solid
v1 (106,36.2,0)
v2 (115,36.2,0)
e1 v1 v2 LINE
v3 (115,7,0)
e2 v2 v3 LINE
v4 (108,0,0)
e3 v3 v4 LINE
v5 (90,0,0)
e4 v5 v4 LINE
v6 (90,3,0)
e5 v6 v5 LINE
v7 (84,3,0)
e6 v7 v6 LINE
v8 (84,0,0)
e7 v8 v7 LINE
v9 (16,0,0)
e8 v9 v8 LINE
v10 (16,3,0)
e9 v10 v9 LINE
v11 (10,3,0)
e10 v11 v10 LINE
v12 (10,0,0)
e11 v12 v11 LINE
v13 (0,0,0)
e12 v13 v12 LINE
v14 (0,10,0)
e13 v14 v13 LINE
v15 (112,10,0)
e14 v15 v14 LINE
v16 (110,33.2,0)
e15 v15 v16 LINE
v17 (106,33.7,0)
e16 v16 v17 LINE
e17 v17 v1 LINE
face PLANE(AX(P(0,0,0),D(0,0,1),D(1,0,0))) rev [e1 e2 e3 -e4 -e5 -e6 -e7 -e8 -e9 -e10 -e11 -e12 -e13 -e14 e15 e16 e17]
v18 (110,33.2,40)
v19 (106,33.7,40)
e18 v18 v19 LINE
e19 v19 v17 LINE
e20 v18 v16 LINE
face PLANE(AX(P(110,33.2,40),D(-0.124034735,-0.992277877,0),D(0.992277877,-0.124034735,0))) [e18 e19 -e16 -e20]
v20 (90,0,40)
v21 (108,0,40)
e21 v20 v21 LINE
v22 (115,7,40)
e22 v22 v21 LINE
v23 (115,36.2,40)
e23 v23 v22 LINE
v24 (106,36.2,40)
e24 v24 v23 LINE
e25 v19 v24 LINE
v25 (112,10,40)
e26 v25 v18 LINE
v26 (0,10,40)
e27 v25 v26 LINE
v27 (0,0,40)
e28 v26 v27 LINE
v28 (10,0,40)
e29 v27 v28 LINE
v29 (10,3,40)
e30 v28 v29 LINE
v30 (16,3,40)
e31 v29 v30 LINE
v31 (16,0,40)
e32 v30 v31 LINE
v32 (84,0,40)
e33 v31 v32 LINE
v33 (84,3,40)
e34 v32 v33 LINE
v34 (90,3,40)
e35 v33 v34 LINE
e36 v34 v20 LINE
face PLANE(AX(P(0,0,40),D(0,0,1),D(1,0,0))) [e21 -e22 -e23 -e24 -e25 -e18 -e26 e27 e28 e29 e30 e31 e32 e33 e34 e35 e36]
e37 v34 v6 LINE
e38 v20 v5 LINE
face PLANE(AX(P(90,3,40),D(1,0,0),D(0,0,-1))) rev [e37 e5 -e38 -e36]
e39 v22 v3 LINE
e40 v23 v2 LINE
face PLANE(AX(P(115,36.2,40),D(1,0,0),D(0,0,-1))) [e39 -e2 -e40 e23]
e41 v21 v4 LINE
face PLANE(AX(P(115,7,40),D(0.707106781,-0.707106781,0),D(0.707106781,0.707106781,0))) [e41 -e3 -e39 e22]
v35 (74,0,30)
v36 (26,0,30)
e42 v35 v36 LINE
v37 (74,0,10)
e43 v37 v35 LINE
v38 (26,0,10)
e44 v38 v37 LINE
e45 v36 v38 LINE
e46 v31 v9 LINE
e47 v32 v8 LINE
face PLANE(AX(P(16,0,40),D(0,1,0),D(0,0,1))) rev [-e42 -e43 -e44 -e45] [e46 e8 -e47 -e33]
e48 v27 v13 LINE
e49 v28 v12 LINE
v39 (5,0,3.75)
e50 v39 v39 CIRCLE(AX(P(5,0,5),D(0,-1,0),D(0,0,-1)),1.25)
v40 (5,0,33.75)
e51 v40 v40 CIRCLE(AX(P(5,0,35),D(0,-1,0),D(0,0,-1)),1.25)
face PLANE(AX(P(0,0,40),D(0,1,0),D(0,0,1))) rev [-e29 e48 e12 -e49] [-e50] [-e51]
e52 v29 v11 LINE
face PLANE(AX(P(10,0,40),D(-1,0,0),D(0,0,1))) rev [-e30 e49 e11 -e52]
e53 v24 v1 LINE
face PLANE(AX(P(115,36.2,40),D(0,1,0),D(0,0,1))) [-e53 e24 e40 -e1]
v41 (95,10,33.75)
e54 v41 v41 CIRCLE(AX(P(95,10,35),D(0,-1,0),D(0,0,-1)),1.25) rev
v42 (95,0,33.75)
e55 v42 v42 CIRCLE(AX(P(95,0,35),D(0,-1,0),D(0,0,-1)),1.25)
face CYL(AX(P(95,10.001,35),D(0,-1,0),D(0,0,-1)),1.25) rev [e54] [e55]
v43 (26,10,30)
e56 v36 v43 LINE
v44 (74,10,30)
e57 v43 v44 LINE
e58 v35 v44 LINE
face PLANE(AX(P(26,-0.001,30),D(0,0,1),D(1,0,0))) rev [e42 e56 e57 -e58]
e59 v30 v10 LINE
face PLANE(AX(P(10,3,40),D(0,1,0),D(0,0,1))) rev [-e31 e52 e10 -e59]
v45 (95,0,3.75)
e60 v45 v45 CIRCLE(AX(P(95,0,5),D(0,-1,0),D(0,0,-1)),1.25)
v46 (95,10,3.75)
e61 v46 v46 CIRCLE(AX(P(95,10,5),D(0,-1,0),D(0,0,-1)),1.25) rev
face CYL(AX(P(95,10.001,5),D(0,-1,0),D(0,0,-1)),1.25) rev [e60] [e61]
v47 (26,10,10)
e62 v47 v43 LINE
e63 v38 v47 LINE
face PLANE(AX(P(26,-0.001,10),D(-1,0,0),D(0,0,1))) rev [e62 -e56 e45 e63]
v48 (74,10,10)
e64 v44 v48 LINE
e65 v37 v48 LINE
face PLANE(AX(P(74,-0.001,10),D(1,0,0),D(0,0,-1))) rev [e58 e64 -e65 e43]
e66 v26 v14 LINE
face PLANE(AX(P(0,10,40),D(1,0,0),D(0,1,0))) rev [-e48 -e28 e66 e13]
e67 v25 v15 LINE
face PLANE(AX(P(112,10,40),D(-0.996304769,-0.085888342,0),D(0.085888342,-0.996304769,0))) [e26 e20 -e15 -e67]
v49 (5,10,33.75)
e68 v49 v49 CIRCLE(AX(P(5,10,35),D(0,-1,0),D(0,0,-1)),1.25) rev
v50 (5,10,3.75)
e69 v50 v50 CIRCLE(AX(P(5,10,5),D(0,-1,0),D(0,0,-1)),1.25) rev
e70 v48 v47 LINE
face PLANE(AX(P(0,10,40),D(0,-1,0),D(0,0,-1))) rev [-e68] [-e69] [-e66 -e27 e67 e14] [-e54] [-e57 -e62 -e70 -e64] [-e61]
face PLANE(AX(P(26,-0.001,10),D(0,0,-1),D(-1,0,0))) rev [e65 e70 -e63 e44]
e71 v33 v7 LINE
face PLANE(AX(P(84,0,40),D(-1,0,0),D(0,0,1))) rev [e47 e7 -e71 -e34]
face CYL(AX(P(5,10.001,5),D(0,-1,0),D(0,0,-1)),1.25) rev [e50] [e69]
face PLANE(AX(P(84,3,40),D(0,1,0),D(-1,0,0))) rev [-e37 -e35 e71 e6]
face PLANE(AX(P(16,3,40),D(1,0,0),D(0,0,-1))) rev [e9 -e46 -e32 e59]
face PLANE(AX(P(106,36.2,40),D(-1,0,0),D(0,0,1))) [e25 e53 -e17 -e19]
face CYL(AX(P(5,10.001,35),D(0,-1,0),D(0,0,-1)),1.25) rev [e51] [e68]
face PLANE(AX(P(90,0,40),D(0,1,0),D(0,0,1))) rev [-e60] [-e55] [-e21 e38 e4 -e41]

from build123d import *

# Parameters (mm, degrees)
BOSS_EXTRU_1_DEPTH      = 40
ENL_V_MAT_EXTRU_1_REACH = 110.167
ESQUISSE2_W             = 48
ESQUISSE2_H             = 20
ENL_V_MAT_EXTRU_2_REACH = 110.167
ESQUISSE3_R             = 1.25
BOSS_EXTRU_3_DEPTH      = 40


with BuildPart() as part:
    # Esquisse1 → Boss.-Extru.1 (new body)
    with BuildSketch(Plane.XY):
        Polygon((0, 0), (10, 0), (10, 3), (16, 3), (16, 0), (84, 0), (84, 3), (90, 3), (90, 0), (100, 0), (100, 10), (0, 10), align=None)
    extrude(amount=BOSS_EXTRU_1_DEPTH)

    # Esquisse2 → Enlèv. mat.-Extru.1 (cut, up to next)
    with BuildSketch(Plane(origin=(0, 10, 0), x_dir=(1, 0, 0), z_dir=(0, 1, 0)), mode=Mode.PRIVATE) as enl_v_mat_extru_1_sk1:
        with Locations((50, -20)):
            Rectangle(ESQUISSE2_W, ESQUISSE2_H)
    enl_v_mat_extru_1_tool1 = extrude(enl_v_mat_extru_1_sk1.sketch, amount=-ENL_V_MAT_EXTRU_1_REACH, mode=Mode.PRIVATE) & part.part
    add(enl_v_mat_extru_1_tool1.solids().sort_by_distance((50, 10, 20))[0], mode=Mode.SUBTRACT)

    # Esquisse3 → Enlèv. mat.-Extru.2 (cut, up to next)
    with BuildSketch(Plane.XZ, mode=Mode.PRIVATE) as enl_v_mat_extru_2_sk1:
        with Locations(Location((5, 35, 0), (0, 0, 270))):
            Circle(ESQUISSE3_R)
    enl_v_mat_extru_2_tool1 = extrude(enl_v_mat_extru_2_sk1.sketch, amount=-ENL_V_MAT_EXTRU_2_REACH, mode=Mode.PRIVATE) & part.part
    # Esquisse3 → Enlèv. mat.-Extru.2 (cut, up to next)
    with BuildSketch(Plane.XZ, mode=Mode.PRIVATE) as enl_v_mat_extru_2_sk2:
        with Locations(Location((5, 5, 0), (0, 0, 270))):
            Circle(ESQUISSE3_R)
    enl_v_mat_extru_2_tool2 = extrude(enl_v_mat_extru_2_sk2.sketch, amount=-ENL_V_MAT_EXTRU_2_REACH, mode=Mode.PRIVATE) & part.part
    # Esquisse3 → Enlèv. mat.-Extru.2 (cut, up to next)
    with BuildSketch(Plane.XZ, mode=Mode.PRIVATE) as enl_v_mat_extru_2_sk3:
        with Locations(Location((95, 35, 0), (0, 0, 270))):
            Circle(ESQUISSE3_R)
    enl_v_mat_extru_2_tool3 = extrude(enl_v_mat_extru_2_sk3.sketch, amount=-ENL_V_MAT_EXTRU_2_REACH, mode=Mode.PRIVATE) & part.part
    # Esquisse3 → Enlèv. mat.-Extru.2 (cut, up to next)
    with BuildSketch(Plane.XZ, mode=Mode.PRIVATE) as enl_v_mat_extru_2_sk4:
        with Locations(Location((95, 5, 0), (0, 0, 270))):
            Circle(ESQUISSE3_R)
    enl_v_mat_extru_2_tool4 = extrude(enl_v_mat_extru_2_sk4.sketch, amount=-ENL_V_MAT_EXTRU_2_REACH, mode=Mode.PRIVATE) & part.part
    add(enl_v_mat_extru_2_tool1.solids().sort_by_distance((5, 0, 35))[0], mode=Mode.SUBTRACT)
    add(enl_v_mat_extru_2_tool2.solids().sort_by_distance((5, 0, 5))[0], mode=Mode.SUBTRACT)
    add(enl_v_mat_extru_2_tool3.solids().sort_by_distance((95, 0, 35))[0], mode=Mode.SUBTRACT)
    add(enl_v_mat_extru_2_tool4.solids().sort_by_distance((95, 0, 5))[0], mode=Mode.SUBTRACT)

    # Esquisse4 → Boss.-Extru.3 (add)
    with BuildSketch(Plane(origin=(0, 0, 0), x_dir=(-1, 0, 0), z_dir=(0, 0, -1))):
        Polygon((-100, 10), (-112, 10), (-110, 33.2), (-106, 33.7), (-106, 36.2), (-115, 36.2), (-115, 7), (-108, 0), (-100, 0), align=None)
    extrude(amount=-BOSS_EXTRU_3_DEPTH)


solid = part.part
